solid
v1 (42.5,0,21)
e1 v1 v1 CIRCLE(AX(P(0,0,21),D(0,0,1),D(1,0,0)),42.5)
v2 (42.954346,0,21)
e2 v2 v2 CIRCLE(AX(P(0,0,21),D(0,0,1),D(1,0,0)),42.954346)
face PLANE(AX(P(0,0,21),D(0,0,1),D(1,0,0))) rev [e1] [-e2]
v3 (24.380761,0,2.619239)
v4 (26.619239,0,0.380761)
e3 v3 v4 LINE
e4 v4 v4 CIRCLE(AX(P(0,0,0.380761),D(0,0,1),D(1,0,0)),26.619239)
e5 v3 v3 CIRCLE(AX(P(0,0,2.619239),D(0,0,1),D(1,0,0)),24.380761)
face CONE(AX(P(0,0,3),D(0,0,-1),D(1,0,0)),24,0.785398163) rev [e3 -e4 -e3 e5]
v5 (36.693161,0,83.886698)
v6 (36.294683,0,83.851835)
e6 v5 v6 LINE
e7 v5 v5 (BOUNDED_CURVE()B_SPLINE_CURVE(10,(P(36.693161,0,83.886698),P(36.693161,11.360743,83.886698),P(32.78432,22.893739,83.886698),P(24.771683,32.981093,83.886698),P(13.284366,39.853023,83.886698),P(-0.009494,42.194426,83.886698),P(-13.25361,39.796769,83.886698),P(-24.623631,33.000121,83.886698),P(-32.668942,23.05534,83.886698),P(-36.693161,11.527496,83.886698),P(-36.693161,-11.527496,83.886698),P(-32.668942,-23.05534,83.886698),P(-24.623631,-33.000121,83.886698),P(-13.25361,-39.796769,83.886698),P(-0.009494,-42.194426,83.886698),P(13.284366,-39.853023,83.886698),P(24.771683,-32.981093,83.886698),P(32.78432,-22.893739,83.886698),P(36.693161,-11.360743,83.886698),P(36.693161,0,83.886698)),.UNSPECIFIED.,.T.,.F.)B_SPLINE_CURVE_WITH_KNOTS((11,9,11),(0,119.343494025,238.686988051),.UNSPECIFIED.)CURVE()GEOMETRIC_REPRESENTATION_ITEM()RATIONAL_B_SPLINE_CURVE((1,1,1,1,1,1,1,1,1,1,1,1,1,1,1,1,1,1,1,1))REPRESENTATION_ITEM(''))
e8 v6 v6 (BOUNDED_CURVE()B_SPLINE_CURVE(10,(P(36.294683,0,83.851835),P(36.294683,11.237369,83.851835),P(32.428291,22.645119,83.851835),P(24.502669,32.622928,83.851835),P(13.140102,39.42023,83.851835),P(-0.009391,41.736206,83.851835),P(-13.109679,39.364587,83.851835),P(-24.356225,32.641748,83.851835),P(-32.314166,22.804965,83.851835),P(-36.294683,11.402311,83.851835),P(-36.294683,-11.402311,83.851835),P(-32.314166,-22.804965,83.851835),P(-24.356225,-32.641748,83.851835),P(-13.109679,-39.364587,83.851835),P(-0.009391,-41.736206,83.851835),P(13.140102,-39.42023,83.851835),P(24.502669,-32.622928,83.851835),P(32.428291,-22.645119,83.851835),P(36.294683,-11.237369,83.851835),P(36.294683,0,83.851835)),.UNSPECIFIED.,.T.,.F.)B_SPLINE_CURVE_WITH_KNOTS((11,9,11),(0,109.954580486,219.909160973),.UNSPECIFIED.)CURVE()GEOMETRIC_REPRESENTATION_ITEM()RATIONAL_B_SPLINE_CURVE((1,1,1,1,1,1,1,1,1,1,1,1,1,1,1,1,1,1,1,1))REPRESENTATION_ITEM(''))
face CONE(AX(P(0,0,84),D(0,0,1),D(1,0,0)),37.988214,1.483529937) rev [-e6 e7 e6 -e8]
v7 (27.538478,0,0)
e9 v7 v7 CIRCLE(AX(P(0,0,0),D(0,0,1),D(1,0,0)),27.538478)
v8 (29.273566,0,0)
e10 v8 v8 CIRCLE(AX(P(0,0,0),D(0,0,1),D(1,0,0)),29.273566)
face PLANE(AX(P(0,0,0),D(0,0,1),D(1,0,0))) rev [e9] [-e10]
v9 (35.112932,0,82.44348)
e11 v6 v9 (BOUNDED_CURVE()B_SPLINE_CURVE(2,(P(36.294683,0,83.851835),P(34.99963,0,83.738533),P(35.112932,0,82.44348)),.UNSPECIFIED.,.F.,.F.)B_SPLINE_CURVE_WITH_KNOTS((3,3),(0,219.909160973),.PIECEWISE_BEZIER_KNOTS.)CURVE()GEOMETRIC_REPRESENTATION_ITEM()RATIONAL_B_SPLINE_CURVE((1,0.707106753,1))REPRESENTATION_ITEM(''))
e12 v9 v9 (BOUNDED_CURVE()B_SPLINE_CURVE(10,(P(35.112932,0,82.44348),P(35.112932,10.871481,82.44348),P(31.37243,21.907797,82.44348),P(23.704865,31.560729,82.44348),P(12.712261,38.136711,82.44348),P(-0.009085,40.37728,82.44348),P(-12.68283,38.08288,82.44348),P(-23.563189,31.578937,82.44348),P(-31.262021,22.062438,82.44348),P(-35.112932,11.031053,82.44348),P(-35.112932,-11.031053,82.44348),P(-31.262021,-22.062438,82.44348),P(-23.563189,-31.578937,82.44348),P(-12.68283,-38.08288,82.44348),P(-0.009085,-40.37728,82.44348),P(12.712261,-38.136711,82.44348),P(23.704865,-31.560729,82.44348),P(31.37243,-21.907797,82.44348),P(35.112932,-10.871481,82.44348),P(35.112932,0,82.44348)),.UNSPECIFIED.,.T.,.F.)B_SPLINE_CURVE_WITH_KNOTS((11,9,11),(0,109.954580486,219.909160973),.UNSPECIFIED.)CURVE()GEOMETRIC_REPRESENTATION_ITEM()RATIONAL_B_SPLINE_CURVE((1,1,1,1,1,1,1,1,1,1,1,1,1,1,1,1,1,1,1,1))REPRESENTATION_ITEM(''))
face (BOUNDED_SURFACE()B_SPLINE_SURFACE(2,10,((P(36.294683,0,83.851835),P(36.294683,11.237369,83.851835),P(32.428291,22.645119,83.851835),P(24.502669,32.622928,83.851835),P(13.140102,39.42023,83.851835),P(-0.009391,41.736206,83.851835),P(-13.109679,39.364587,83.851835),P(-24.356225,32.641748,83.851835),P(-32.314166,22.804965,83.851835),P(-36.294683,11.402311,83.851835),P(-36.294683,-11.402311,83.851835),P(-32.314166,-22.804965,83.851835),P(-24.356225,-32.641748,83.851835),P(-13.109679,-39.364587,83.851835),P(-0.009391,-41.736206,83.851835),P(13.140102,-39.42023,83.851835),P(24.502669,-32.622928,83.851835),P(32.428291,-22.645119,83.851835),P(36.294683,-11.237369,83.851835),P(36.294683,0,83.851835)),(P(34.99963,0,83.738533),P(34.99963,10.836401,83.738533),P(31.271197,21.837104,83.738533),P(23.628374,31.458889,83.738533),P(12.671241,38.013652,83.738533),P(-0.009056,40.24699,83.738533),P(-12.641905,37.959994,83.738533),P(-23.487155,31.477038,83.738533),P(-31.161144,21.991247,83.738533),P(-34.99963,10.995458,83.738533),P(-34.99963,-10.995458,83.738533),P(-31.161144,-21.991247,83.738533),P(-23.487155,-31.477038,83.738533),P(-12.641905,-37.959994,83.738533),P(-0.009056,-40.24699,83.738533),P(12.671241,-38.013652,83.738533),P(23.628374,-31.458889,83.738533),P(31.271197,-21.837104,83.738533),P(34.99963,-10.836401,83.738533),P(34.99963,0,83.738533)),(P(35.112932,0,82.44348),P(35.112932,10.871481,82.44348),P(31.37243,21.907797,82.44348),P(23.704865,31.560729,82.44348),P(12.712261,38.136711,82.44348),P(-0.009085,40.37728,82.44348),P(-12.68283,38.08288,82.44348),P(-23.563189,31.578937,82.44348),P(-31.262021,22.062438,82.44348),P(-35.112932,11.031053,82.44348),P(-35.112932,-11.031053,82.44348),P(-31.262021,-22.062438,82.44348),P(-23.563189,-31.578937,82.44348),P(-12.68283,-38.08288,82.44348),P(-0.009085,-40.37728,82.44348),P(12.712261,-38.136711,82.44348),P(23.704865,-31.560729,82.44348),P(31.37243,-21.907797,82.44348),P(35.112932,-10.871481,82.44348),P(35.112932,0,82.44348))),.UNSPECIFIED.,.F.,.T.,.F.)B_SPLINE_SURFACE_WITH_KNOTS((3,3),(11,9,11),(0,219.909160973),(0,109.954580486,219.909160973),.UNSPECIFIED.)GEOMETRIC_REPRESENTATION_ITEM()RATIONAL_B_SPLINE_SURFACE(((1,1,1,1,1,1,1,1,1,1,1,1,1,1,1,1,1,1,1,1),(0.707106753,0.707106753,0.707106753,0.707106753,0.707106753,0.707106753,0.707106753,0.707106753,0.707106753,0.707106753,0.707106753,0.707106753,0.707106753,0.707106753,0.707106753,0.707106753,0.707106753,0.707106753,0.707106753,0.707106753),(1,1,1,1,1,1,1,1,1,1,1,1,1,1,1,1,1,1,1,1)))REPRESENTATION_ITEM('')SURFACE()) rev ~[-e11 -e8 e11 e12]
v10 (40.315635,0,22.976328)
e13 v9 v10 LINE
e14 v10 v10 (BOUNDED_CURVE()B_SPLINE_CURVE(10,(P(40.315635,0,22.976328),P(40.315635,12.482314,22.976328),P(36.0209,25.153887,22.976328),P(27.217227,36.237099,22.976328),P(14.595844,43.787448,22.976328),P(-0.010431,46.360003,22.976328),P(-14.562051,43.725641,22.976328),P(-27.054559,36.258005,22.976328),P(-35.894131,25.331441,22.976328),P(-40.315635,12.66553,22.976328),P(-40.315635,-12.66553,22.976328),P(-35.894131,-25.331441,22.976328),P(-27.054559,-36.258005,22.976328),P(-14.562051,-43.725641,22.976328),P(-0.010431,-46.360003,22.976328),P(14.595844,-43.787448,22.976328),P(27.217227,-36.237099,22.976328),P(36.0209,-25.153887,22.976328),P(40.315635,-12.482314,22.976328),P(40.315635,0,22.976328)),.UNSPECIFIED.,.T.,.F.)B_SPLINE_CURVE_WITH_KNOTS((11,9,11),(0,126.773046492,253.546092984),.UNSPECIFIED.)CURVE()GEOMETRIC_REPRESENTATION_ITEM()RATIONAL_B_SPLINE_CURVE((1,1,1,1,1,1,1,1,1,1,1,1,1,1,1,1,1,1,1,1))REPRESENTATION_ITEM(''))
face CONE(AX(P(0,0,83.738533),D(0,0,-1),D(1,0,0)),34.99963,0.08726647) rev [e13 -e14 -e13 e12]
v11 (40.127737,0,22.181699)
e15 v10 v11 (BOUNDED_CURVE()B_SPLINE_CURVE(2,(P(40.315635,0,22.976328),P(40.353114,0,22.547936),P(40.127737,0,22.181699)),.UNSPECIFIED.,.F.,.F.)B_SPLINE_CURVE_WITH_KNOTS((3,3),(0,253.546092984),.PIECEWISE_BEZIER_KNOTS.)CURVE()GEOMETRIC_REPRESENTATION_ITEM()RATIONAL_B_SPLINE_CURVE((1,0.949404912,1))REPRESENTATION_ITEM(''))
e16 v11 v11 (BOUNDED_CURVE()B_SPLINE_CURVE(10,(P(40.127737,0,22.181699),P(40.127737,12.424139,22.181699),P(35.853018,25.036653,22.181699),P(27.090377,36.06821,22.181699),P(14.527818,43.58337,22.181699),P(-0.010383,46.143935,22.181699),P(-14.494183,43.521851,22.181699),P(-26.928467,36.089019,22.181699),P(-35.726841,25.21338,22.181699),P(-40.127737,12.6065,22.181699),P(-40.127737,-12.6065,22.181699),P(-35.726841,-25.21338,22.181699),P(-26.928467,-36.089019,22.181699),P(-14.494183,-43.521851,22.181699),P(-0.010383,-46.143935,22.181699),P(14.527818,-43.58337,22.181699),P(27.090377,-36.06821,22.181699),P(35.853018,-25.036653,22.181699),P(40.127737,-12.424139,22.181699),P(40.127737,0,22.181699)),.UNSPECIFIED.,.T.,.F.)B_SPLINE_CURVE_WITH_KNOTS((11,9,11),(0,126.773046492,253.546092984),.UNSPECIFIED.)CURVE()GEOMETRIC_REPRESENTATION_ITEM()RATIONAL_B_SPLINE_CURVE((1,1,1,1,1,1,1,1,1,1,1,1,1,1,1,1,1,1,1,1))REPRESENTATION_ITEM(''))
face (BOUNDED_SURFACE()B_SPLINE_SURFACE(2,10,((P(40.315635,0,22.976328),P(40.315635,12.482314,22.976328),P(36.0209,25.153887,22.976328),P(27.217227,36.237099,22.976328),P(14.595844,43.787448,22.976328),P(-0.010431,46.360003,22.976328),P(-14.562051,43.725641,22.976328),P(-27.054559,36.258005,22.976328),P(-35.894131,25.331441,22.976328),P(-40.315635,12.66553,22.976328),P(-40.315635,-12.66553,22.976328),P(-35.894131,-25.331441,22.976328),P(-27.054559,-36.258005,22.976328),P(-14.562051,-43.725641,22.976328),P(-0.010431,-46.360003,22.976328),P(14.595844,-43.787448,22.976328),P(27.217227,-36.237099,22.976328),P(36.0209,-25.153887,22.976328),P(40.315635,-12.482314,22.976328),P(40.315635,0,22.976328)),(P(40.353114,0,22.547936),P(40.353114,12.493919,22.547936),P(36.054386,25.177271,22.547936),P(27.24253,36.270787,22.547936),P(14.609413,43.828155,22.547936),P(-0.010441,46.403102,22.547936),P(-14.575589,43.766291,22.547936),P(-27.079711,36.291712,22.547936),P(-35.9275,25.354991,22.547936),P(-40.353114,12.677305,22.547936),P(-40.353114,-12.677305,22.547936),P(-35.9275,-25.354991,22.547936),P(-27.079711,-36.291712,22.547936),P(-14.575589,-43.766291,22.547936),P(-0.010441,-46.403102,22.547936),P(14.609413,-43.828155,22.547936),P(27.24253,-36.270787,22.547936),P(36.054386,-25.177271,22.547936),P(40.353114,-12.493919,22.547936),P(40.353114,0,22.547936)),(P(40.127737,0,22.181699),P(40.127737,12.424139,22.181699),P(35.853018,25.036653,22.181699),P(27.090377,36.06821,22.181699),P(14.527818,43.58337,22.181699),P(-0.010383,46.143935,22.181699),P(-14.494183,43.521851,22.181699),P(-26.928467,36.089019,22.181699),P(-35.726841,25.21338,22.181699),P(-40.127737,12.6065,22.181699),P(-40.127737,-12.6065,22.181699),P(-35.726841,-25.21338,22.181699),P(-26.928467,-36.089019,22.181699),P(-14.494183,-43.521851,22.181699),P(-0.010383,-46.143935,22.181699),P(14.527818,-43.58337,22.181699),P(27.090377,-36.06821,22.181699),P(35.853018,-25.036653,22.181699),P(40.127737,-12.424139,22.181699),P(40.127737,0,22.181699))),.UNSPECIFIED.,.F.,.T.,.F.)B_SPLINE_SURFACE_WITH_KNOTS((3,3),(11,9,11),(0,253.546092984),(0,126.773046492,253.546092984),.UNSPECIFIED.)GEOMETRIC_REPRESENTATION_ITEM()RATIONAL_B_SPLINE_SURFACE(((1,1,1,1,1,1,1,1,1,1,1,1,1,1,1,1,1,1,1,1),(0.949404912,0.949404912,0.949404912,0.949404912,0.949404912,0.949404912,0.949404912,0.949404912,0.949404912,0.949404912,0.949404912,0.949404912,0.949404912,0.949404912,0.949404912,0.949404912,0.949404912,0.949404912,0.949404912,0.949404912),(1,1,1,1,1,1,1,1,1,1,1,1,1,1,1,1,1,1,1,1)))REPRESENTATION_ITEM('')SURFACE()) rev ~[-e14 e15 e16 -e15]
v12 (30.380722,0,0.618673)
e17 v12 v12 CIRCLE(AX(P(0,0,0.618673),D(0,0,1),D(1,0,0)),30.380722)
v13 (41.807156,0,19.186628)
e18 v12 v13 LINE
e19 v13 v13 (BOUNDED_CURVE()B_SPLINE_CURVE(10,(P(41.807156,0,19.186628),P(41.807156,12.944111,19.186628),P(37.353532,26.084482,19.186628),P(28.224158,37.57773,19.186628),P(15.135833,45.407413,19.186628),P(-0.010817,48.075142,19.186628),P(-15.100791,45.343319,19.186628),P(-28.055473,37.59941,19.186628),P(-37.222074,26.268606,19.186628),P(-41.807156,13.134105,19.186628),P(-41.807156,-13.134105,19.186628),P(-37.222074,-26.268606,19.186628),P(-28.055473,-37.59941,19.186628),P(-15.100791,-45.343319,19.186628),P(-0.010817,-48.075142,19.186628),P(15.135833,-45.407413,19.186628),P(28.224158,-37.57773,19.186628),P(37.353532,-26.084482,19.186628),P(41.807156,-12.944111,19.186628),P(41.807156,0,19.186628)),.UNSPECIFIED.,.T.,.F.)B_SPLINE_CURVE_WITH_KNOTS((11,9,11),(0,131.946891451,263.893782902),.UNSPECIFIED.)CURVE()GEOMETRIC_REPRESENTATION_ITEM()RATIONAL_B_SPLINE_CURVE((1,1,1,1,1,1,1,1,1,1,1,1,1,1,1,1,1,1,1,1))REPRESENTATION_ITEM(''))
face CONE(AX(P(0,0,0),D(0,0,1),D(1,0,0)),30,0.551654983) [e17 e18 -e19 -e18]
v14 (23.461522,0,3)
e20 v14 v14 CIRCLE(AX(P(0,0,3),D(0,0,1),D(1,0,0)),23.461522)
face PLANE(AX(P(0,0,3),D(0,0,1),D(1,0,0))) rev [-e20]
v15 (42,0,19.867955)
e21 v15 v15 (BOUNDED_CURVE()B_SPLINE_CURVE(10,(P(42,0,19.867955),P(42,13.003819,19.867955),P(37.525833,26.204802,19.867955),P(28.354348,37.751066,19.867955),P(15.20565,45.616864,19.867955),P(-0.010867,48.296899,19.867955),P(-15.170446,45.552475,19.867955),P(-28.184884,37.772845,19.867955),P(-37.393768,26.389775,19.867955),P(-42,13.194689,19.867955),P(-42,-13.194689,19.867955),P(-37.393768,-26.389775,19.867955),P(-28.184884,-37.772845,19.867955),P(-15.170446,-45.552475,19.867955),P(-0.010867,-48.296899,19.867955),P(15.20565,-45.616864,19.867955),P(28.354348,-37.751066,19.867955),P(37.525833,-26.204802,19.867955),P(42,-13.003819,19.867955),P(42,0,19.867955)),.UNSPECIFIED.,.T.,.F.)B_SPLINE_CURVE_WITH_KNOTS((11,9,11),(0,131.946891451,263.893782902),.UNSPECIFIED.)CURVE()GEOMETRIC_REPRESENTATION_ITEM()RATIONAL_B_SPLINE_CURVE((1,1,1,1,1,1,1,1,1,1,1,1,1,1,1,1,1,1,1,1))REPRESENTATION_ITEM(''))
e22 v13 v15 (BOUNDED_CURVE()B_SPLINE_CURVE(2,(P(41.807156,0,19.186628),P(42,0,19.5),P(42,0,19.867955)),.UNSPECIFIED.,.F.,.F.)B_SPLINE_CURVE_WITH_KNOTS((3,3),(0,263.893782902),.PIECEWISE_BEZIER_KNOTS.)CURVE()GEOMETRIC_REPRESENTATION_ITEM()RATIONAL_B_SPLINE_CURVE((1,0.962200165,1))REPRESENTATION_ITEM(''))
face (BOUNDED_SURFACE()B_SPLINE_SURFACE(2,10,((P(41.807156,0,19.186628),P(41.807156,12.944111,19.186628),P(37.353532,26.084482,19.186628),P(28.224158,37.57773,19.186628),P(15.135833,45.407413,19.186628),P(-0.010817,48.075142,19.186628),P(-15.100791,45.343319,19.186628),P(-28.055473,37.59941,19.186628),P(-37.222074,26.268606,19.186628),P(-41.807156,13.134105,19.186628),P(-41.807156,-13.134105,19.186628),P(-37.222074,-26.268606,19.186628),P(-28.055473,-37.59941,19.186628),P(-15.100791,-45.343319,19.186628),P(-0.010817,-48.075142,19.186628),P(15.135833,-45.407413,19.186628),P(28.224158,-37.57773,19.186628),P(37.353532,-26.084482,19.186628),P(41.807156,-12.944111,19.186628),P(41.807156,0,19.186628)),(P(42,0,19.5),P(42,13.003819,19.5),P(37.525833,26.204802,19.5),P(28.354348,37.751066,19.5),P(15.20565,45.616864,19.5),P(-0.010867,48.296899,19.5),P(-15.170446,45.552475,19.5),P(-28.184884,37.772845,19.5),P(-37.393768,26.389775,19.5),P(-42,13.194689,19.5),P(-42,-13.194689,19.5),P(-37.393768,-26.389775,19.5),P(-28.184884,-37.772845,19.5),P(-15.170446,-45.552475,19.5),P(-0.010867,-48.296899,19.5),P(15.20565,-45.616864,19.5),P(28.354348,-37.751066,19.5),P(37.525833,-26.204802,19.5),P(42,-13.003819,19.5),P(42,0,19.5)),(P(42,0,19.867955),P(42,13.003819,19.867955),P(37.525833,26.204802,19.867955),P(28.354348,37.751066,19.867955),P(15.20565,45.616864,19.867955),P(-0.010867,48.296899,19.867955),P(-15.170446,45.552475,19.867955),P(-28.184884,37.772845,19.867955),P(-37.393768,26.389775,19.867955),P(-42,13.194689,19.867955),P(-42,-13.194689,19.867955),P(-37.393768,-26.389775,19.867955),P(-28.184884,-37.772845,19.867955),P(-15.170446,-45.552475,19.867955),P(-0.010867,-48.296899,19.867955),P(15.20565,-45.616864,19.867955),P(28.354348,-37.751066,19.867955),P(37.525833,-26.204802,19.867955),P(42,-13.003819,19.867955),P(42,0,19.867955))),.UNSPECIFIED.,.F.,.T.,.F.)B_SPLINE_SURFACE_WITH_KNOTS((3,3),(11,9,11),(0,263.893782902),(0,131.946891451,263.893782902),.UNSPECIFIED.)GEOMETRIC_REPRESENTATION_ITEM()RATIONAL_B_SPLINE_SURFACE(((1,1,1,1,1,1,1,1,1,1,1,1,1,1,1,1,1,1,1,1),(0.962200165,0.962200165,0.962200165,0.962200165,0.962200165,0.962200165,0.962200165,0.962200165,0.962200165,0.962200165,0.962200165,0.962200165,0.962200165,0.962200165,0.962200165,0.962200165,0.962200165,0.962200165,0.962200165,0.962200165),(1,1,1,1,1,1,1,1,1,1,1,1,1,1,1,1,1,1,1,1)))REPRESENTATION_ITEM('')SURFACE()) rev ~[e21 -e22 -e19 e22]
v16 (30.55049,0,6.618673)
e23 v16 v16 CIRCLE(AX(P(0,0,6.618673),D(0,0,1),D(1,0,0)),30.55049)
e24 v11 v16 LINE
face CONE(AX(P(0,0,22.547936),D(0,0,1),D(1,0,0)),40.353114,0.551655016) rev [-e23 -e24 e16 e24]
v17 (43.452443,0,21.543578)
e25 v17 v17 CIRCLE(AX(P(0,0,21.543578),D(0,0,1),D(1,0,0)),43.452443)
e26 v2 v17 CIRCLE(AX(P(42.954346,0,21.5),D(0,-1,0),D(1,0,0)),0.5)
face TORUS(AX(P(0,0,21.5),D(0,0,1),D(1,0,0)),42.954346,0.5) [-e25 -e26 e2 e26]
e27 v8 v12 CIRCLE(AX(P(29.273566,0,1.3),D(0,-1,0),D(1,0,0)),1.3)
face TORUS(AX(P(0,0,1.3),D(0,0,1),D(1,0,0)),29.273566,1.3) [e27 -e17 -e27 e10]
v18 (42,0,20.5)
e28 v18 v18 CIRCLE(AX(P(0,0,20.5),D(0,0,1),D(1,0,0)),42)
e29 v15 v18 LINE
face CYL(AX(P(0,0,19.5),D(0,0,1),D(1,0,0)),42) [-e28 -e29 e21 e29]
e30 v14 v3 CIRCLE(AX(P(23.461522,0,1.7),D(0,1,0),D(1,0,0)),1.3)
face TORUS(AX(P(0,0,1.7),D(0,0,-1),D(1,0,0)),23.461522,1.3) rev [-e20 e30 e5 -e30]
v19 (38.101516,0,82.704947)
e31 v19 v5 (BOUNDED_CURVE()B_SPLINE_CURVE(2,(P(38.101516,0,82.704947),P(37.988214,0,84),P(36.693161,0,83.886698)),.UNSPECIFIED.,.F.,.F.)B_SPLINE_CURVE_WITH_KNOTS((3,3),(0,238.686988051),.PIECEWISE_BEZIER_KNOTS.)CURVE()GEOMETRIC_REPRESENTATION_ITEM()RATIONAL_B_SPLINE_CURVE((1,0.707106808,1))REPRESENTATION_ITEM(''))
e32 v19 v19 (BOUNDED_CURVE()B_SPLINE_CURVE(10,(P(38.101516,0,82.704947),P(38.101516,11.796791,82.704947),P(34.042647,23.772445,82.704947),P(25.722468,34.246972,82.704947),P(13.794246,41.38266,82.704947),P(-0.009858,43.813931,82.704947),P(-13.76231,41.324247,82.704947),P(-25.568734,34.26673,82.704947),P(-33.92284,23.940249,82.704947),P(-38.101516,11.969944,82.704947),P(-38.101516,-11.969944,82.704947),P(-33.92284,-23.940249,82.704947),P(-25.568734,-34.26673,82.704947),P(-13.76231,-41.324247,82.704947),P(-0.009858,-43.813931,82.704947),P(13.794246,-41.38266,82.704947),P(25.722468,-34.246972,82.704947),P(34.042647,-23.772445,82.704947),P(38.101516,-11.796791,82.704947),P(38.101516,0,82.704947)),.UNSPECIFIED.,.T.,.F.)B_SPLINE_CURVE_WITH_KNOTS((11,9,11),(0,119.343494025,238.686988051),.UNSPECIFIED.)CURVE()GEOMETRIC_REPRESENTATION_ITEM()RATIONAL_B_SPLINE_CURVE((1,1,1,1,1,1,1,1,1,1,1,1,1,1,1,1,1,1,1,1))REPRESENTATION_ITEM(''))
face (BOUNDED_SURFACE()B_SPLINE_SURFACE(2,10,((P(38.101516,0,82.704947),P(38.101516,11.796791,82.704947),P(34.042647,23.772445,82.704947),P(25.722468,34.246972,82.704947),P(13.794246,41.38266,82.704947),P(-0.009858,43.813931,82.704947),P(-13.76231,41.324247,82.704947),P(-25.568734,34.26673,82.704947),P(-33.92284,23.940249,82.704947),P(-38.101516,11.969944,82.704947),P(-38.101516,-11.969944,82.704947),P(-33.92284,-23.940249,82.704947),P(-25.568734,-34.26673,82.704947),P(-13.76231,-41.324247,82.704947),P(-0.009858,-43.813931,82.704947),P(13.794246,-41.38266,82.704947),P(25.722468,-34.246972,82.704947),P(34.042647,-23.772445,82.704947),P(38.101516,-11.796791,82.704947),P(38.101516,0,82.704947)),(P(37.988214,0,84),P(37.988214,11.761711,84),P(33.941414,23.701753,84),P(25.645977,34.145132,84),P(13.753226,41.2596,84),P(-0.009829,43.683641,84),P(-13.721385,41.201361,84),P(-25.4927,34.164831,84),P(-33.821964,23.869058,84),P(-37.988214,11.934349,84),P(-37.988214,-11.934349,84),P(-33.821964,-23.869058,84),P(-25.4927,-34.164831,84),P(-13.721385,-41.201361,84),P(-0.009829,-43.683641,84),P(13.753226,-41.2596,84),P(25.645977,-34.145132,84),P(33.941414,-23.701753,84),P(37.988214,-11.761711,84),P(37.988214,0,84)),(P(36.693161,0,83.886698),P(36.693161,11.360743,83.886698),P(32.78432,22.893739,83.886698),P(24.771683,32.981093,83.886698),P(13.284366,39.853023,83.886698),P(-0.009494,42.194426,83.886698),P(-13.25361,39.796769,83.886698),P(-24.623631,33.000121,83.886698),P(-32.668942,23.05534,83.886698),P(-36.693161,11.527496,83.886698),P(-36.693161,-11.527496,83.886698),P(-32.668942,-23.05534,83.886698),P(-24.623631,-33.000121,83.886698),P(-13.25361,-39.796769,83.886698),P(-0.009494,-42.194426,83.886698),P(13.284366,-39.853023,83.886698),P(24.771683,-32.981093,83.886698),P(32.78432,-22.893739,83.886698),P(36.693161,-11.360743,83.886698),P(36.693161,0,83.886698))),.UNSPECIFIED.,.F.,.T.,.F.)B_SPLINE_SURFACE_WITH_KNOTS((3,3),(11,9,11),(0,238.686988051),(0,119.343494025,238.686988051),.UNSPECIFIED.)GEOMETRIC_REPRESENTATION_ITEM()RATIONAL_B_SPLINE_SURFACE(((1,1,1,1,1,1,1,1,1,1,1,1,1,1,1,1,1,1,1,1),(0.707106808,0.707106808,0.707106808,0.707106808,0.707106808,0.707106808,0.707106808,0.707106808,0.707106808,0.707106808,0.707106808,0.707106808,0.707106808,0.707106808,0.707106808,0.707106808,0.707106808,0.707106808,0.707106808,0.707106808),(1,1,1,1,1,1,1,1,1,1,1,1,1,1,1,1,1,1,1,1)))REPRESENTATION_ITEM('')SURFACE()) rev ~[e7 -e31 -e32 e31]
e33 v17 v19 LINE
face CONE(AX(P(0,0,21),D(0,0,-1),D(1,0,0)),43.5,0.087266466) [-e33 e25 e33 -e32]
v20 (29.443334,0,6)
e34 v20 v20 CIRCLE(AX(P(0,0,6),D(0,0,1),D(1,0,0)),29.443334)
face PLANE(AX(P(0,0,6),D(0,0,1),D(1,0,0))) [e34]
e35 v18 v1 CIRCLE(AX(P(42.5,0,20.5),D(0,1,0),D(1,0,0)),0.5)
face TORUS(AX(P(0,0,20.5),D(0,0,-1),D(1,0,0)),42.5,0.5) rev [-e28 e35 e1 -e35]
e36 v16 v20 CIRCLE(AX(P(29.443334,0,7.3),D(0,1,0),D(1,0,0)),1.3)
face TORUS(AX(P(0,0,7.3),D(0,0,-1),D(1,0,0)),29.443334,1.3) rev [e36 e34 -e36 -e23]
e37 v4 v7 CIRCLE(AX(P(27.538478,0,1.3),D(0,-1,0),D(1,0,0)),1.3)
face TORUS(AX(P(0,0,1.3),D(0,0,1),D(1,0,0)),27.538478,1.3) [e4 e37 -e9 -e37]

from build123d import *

# Parameters (mm, degrees)
F2_R = 1.3
F3_R = 0.5


with BuildPart() as f1:
    # F0 (on Front) → F1 (revolve)
    with BuildSketch(Plane.XZ):
        Polygon((0, 6), (0, 3), (24, 3), (27, 0), (30, 0), (42, 19.5), (42, 21), (43.5, 21), (37.988214, 84), (34.99963, 83.738533), (40.353114, 22.547936), (30.169768, 6), align=None)
    revolve(axis=Axis((0, 0, 42), (0, 0, 1)))

    # F2
    f2_edges = [f1.edges().sort_by_distance(p)[0] for p in [
        (-34.99963, 0, 83.738533),
        (-37.988214, 0, 84),
        (-40.353114, 0, 22.547936),
        (-30.169768, 0, 6),
        (-24, 0, 3),
        (-27, 0, 0),
        (-30, 0, 0),
        (-42, 0, 19.5),
    ]]
    fillet(f2_edges, radius=F2_R)

    # F3
    f3_edges = [f1.edges().sort_by_distance(p)[0] for p in [
        (-42, 0, 21),
        (-43.5, 0, 21),
    ]]
    fillet(f3_edges, radius=F3_R)


solid = f1.part
